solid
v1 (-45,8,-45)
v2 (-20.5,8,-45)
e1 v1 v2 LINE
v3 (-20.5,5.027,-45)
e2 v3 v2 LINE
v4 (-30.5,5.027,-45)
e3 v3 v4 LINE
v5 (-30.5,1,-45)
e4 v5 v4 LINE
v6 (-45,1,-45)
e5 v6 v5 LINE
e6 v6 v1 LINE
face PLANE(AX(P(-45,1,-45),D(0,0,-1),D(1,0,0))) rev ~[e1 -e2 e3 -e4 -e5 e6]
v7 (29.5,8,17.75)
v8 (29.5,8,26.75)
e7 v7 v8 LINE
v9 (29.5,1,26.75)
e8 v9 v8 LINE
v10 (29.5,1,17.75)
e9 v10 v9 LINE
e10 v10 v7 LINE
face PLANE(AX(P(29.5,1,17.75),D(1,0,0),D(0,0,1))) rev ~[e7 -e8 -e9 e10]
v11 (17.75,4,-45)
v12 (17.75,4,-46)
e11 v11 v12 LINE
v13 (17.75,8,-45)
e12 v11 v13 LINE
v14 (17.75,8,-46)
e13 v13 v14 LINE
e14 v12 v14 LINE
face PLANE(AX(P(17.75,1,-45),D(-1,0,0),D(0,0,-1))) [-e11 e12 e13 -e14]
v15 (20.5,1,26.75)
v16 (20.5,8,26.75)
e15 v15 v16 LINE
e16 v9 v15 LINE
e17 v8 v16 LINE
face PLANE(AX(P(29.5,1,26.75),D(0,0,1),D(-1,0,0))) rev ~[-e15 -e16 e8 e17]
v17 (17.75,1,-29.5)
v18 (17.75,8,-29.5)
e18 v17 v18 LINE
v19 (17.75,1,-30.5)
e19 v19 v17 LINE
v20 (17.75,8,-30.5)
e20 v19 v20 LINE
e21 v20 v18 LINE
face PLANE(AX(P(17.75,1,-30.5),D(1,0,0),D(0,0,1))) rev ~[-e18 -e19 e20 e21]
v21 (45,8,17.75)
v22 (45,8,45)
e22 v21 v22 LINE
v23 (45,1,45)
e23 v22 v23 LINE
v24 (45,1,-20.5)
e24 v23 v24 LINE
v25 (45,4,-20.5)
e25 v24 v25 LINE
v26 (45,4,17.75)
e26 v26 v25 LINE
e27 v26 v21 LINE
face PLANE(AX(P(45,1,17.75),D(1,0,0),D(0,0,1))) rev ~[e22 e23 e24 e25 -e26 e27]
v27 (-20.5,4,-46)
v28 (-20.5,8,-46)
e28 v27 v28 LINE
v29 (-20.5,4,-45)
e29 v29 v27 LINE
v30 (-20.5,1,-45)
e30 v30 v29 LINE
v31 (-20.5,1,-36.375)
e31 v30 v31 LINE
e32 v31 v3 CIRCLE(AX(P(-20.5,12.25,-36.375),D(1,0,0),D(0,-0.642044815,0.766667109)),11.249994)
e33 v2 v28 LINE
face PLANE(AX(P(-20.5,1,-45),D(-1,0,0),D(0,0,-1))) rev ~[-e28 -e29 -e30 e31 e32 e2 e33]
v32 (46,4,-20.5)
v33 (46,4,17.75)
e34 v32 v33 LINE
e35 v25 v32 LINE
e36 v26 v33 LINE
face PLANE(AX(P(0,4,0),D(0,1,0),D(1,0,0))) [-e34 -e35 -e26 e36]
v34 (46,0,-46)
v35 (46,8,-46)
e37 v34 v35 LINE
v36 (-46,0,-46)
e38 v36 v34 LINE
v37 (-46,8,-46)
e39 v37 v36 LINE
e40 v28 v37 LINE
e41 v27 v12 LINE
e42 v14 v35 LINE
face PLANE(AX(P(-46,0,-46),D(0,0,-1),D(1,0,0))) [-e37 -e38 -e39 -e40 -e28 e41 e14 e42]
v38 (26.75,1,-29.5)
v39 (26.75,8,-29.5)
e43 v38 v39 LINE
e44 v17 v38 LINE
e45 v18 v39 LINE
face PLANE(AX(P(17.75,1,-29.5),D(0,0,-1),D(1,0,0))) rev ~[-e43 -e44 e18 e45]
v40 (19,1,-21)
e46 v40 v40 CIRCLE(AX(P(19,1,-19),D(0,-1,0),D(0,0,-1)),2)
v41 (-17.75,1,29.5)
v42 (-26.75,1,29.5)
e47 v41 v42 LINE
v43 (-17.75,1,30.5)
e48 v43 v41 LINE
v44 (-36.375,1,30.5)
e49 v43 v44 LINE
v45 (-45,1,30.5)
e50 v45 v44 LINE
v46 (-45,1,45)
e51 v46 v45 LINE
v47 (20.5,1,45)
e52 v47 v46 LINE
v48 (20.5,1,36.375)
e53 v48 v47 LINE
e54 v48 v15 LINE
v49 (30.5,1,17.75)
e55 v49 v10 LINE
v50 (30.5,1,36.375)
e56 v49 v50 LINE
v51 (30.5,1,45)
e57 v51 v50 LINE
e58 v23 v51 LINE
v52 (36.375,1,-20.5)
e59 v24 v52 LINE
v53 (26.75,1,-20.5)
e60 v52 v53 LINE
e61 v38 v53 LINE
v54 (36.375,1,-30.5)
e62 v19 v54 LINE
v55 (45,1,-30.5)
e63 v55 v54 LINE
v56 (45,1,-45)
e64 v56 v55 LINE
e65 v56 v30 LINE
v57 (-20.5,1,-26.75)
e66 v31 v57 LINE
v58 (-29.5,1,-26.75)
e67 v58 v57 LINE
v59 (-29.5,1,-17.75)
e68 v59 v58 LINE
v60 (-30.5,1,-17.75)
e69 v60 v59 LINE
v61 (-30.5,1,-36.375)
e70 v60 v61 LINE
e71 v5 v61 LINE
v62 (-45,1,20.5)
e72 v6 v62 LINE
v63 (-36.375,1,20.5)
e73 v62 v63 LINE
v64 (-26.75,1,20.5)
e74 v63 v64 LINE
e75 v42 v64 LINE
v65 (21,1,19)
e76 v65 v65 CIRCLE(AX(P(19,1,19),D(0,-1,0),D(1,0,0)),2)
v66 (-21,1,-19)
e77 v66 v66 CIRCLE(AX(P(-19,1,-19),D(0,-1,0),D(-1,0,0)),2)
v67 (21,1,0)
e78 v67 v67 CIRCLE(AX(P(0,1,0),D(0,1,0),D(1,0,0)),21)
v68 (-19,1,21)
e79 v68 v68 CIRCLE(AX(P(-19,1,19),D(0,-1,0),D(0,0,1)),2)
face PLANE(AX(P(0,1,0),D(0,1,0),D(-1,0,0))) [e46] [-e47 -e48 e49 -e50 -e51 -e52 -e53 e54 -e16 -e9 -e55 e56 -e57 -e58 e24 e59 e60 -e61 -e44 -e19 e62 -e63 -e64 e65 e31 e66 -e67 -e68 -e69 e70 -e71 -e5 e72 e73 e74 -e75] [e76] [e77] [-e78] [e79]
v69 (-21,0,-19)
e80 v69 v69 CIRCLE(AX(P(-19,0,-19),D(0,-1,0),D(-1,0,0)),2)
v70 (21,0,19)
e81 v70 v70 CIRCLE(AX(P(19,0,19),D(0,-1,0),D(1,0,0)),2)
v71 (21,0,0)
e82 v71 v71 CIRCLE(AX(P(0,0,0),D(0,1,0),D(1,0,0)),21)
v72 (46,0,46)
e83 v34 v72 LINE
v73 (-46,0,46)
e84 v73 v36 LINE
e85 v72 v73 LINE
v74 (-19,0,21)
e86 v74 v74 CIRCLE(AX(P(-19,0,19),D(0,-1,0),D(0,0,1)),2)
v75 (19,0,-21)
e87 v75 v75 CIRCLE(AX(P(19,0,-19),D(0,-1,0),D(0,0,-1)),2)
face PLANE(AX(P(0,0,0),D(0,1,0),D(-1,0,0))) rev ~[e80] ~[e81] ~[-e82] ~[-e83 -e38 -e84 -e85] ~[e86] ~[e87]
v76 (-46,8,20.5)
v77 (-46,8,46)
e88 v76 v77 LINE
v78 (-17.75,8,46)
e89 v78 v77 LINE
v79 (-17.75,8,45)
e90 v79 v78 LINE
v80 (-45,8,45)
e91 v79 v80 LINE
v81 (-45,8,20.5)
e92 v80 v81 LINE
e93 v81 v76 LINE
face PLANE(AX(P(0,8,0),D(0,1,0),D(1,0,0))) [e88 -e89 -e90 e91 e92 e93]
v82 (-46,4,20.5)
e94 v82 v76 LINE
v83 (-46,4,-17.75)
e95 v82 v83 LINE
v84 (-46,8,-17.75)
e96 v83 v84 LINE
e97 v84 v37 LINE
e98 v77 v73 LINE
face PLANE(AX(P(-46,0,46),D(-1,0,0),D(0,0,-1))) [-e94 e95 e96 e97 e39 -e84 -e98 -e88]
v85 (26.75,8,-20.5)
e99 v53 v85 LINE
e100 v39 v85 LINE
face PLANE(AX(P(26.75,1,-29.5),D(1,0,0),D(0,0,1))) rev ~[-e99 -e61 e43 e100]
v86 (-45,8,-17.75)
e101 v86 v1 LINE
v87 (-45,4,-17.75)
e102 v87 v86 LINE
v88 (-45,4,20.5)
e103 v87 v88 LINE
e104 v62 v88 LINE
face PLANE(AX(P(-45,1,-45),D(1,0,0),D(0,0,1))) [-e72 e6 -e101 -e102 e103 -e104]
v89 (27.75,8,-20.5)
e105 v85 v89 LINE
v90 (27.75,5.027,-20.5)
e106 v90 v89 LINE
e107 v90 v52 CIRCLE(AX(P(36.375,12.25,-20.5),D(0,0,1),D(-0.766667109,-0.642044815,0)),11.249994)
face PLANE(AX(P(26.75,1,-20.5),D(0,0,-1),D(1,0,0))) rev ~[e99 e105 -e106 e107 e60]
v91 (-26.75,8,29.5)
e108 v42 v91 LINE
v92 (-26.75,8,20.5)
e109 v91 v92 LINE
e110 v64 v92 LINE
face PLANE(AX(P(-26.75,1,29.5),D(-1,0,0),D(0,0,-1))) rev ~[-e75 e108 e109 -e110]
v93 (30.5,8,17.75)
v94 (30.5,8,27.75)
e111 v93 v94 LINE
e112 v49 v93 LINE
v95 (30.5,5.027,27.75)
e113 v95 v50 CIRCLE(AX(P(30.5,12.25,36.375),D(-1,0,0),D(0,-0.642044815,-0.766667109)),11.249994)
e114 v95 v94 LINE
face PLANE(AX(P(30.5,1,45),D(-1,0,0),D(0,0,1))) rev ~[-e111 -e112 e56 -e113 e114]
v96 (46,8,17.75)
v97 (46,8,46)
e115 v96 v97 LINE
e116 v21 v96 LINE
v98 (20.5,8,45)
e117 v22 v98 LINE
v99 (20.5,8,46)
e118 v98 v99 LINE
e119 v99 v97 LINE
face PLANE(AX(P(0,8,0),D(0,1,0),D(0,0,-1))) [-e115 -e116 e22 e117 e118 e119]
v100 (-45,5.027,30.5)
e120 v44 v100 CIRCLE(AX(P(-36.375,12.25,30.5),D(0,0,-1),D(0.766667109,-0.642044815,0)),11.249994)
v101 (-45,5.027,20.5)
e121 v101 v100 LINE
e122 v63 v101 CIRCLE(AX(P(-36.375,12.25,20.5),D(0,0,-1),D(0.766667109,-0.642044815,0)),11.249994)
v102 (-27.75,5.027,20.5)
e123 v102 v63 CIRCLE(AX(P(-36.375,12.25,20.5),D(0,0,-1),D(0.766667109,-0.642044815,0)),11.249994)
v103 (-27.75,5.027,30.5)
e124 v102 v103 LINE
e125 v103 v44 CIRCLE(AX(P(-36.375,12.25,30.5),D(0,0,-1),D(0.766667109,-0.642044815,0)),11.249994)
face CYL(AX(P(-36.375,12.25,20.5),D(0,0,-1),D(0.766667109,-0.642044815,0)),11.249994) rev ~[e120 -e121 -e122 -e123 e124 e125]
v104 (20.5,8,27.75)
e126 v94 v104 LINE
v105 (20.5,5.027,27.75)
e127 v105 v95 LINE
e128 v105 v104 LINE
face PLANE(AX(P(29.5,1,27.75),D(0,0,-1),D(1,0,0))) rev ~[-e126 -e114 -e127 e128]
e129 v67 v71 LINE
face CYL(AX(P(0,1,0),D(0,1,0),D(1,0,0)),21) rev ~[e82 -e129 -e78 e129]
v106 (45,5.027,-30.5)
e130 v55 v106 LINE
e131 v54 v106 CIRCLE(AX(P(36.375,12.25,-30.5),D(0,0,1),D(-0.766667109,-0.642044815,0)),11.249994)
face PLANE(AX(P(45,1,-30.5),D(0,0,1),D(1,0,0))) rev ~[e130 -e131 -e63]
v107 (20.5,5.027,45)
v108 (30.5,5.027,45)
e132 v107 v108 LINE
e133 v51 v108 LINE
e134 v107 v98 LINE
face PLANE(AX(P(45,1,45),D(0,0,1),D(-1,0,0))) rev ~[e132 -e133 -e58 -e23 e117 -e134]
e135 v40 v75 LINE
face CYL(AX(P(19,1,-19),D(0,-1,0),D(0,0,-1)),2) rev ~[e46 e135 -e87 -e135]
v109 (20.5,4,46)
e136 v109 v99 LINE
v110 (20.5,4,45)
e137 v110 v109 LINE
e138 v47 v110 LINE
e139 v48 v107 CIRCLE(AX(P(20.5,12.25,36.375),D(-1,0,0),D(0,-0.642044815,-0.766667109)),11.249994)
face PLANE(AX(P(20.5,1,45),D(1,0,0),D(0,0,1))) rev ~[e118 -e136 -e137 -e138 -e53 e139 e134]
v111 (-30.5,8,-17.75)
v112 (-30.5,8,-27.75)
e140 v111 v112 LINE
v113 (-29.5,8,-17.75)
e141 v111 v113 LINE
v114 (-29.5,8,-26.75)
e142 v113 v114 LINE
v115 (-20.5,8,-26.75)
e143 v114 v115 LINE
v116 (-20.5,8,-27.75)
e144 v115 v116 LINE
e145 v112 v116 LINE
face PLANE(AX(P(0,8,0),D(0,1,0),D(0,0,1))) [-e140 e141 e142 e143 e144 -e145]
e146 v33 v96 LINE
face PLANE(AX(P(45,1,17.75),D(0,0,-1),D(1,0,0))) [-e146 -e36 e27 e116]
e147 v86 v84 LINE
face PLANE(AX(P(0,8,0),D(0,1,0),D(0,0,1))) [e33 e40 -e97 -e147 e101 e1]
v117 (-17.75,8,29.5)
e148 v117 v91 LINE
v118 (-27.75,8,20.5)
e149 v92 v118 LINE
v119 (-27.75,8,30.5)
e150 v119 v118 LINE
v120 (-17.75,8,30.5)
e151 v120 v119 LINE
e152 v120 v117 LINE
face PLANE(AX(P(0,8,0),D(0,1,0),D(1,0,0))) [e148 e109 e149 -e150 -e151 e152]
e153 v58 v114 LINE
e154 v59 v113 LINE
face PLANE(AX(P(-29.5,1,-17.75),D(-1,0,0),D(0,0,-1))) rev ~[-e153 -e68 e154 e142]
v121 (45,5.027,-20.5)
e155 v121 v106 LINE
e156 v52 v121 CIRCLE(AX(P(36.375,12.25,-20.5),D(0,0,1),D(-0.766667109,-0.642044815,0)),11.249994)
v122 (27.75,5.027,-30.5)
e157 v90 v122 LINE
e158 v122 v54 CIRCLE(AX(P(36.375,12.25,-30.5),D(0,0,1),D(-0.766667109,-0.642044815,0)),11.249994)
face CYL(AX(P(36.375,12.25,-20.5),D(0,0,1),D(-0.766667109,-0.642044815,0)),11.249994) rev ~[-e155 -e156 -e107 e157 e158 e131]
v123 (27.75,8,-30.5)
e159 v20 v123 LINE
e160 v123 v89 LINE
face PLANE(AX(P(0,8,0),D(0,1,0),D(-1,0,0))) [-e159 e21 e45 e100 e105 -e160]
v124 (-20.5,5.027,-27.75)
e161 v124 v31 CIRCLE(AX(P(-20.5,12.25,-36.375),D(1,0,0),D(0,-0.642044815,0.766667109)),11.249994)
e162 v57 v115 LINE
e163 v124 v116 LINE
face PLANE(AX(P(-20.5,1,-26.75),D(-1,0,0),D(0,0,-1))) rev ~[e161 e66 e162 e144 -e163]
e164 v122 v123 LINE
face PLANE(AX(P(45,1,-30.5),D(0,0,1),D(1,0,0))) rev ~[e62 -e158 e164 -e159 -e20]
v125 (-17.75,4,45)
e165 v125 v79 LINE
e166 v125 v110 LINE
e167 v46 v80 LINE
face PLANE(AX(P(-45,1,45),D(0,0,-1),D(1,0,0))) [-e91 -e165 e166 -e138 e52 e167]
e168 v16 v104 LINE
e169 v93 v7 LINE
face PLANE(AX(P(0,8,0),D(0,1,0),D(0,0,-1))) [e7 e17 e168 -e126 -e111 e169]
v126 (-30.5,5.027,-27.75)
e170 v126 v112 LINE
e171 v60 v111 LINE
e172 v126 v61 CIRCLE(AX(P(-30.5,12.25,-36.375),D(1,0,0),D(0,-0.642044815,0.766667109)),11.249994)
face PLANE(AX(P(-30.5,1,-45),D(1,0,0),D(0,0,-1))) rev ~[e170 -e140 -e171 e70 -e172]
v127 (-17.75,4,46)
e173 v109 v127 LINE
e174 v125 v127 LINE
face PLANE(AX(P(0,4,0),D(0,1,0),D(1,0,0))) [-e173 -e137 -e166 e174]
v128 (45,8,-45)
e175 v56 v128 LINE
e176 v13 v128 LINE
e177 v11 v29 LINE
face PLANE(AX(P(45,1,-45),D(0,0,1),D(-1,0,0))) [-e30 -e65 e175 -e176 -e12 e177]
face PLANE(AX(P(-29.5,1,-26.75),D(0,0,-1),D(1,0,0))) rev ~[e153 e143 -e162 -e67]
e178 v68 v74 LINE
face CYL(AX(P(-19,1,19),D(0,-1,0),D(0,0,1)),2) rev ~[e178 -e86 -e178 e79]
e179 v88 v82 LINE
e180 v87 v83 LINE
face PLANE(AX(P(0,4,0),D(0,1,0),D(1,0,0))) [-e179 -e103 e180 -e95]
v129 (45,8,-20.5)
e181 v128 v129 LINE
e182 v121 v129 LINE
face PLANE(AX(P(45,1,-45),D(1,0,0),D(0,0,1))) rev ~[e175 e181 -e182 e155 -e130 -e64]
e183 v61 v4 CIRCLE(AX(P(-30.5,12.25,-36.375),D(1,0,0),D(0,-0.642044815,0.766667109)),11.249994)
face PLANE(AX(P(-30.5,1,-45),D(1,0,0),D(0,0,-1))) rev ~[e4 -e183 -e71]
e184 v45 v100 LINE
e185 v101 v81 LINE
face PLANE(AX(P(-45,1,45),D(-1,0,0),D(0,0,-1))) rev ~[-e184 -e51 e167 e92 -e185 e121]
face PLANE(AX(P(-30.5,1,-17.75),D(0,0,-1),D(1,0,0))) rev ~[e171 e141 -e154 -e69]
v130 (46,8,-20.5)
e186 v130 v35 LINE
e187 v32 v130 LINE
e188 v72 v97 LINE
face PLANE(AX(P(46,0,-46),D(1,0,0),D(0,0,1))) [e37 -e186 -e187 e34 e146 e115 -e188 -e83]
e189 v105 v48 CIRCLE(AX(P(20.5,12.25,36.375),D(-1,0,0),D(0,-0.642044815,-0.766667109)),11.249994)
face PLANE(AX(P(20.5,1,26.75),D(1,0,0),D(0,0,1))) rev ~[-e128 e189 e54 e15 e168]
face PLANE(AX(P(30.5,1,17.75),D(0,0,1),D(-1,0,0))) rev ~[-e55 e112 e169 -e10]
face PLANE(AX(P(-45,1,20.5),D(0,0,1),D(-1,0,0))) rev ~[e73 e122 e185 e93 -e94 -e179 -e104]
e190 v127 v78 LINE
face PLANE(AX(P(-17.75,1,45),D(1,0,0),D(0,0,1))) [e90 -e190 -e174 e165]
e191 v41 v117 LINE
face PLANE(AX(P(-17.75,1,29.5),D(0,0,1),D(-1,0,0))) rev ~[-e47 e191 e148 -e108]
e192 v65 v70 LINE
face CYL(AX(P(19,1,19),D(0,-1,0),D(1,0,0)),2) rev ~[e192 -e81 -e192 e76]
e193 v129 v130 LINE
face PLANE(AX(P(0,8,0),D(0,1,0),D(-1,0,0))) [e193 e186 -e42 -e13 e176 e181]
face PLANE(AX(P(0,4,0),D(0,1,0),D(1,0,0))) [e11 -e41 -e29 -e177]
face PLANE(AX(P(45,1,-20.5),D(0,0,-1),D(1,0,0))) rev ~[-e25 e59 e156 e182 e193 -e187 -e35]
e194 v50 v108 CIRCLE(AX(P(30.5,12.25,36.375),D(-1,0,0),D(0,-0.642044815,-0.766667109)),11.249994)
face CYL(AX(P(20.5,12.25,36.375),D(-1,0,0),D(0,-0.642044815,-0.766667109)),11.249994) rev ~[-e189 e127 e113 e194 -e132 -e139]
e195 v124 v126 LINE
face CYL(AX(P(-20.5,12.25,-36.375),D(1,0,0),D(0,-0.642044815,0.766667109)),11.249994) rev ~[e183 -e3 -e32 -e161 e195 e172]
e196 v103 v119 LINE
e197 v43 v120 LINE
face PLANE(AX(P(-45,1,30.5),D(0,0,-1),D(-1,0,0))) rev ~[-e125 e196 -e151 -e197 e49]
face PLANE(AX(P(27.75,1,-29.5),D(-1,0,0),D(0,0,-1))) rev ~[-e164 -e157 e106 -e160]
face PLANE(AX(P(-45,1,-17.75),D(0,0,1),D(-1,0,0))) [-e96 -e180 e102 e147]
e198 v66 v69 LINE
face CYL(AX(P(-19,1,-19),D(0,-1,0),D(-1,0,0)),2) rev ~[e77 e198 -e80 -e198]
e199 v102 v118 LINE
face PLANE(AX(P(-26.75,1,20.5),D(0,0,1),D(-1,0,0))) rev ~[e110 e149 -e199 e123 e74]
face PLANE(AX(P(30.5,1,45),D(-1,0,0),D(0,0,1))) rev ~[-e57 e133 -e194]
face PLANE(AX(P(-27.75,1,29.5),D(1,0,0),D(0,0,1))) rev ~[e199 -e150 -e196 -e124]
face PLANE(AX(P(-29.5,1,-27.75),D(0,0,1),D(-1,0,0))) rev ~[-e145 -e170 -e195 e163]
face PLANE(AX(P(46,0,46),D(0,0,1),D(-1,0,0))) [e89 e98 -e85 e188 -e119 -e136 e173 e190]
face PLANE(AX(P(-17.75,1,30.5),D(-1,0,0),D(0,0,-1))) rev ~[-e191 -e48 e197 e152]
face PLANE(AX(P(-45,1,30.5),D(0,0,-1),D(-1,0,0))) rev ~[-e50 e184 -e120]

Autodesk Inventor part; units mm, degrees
ref_plane "YZ Plane" through (0, 0, 0) normal (1, 0, 0) x (0, 1, 0)
ref_plane "XZ Plane" through (0, 0, 0) normal (0, 1, 0) x (-1, 0, 0)
ref_plane "XY Plane" through (0, 0, 0) normal (0, 0, 1) x (1, 0, 0)
sketch "Sketch1" plane through (0, 0, 0) normal (0, 1, 0) x (-1, 0, 0)
  line L0 (45, 45) -> (-45, 45)
  line L1 (-45, 45) -> (-45, -45)
  line L2 (-45, -45) -> (45, -45)
  line L3 (45, -45) -> (45, 45)
  line L4 (45, 45) -> (-45, -45) construction
  line L5 (-45, 45) -> (45, -45) construction
  line L6 (-46, 46) -> (46, 46)
  line L7 (46, 46) -> (46, -46)
  line L8 (46, -46) -> (-46, -46)
  line L9 (-46, -46) -> (-46, 46)
  line L10 (-46, 46) -> (46, -46) construction
  line L11 (46, 46) -> (-46, -46) construction
  point P0 (0, 0)
  dimension "d0" = 90
  dimension "d1" = 90
  dimension "d2" = 92
  dimension "d3" = 92
extrude "Extrusion1" add sketch "Sketch1" along normal blind 1 contours L3 L2 L1 L0 | L6 L7 L8 L9
sketch "Sketch2" plane through (0, 1, 0) normal (0, 1, 0) x (1, 0, 0)
  line L0 (-46, -46) -> (46, -46) projected
  line L1 (46, -46) -> (46, 46) projected
  line L2 (46, 46) -> (-46, 46) projected
  line L3 (-46, 46) -> (-46, -46) projected
  line L4 (45, 45) -> (-45, 45)
  line L5 (-45, -20.5) -> (-45, -45)
  line L6 (-45, -45) -> (-17.75, -45)
  line L7 (45, -45) -> (45, 45)
  line L8 (45, 45) -> (-45, -45) construction
  line L9 (-45, 45) -> (45, -45) construction
  line L10 (-27.75, -30.5) -> (-17.75, -30.5)
  line L11 (-17.75, -30.5) -> (-17.75, -29.5)
  line L12 (-17.75, -29.5) -> (-27.75, -29.5)
  line L13 (-27.75, -29.5) -> (-27.75, -30.5)
  line L14 (-27.75, -30.5) -> (-26.75, -30.5)
  line L15 (-26.75, -30.5) -> (-26.75, -20.5)
  line L16 (-26.75, -20.5) -> (-27.75, -20.5)
  line L17 (-27.75, -20.5) -> (-27.75, -30.5)
  line L18 (-17.75, -45) -> (-17.75, -46)
  line L19 (-46, -46) -> (46, -46) projected
  line L20 (-45, -20.5) -> (-46, -20.5)
  point P0 (0, 0)
  dimension "d6" = 90
  dimension "d7" = 90
  dimension "d8" = 1
  dimension "d9" = 1
  dimension "d10" = 10
  dimension "d11" = 10
  dimension "d12" = 14.5
  dimension "d13" = 17.25
sketch "Sketch3" plane through (0, 1, 0) normal (0, 1, 0) x (1, 0, 0)
  line L0 (-27.75, -30.5) -> (-17.75, -30.5) projected
  line L1 (-27.75, -20.5) -> (-27.75, -30.5) projected
  line L2 (-26.75, -30.5) -> (-26.75, -20.5) projected
  line L3 (-17.75, -29.5) -> (-27.75, -29.5) projected
  line L4 (-26.75, -20.5) -> (-27.75, -20.5) projected
  line L5 (-17.75, -45) -> (-17.75, -46) projected
  line L6 (-45, -20.5) -> (-46, -20.5) projected
  line L7 (-46, 46) -> (-46, -46) projected
  line L8 (-45, -20.5) -> (-46, -20.5)
  line L9 (-46, -20.5) -> (-46, -46)
  line L10 (-46, -46) -> (-45, -46)
  line L11 (-45, -46) -> (-45, -20.5)
  line L12 (-46, -46) -> (46, -46) projected
  line L13 (-46, -46) -> (-17.75, -46)
  line L14 (-17.75, -46) -> (-17.75, -45)
  line L15 (-17.75, -45) -> (-46, -45)
  line L16 (-46, -45) -> (-46, -46)
  line L17 (-27.75, -30.5) -> (-17.75, -30.5)
  line L18 (-17.75, -30.5) -> (-17.75, -29.5)
  line L19 (-17.75, -29.5) -> (-27.75, -29.5)
  line L20 (-27.75, -29.5) -> (-27.75, -30.5)
  point P0 (0, 0)
extrude "Extrusion2" add sketch "Sketch3" along normal blind 7
sketch "Sketch4" plane through (-45, 1, 20.5) normal (0, 0, -1) x (-1, 0, 0)
  line L0 (-17.25, 0) -> (-18.25, 0) projected
  line L1 (-17.25, 0) -> (-17.25, 7) projected
  line L2 (-18.25, 7) -> (-17.25, 7) projected
  line L3 (-18.25, 0) -> (-18.25, 7) projected
  line L4 (1, 0) -> (0, 0) projected
  line L5 (1, 0) -> (1, 7) projected
  line L6 (0, 7) -> (1, 7) projected
  line L7 (0, 0) -> (0, 7) projected
  line L8 (0, 0) -> (-27.25, 0) projected
  arc A0 (-17.25, 4.027) -> (0, 4.027) centre (-8.625, 11.25) ccw
  line L9 (-91, 0) -> (1, 0) projected
  line L10 (-17.25, 0) -> (-17.25, 7) projected
  line L11 (-8.625, 0) -> (-17.25, 0)
  line L12 (-17.25, 0) -> (-17.25, 4.027)
  line L13 (0, 0) -> (0, 7) projected
  line L14 (-8.625, 0) -> (0, 0)
  line L15 (0, 0) -> (0, 4.027)
  point P0 (-45, -1)
  dimension "d16" = 22.5
  dimension "d17" = 8.625
extrude "Extrusion3" add sketch "Sketch4" against normal blind 10 contours A0 L7 L8 | L1 A0 L8
sketch "Sketch5" plane through (0, 1, 0) normal (0, 1, 0) x (1, 0, 0)
  line L0 (-17.75, -46) -> (46, -46) projected
  line L1 (-46, -20.5) -> (-46, -46) projected
  point P0 (0, 0)
  point P1 (-19, -19)
  dimension "d23" = 27
  dimension "d24" = 27
hole "Hole1" at (-19, 1, 19) direction (0, -1, 0) diameter 4 end through all
pattern_circular "Circular Pattern2" count 4 over 360 about axis through (0, -10, 0) along (0, 1, 0) of "Extrusion2", "Extrusion3", "Hole1"
sketch "Sketch6" plane through (0, 1, 0) normal (0, 1, 0) x (1, 0, 0)
  circle A0 centre (0, 0) radius 21
  dimension "d35" = 42
extrude "Extrusion4" cut sketch "Sketch6" against normal blind 10
sketch "Sketch7" plane through (0, 1, 0) normal (0, 1, 0) x (1, 0, 0)
  line L0 (45, 45) -> (-45, 45)
  line L1 (-45, 45) -> (-45, -45)
  line L2 (-45, -45) -> (45, -45)
  line L3 (45, -45) -> (45, 45)
  line L4 (45, 45) -> (-45, -45) construction
  line L5 (-45, 45) -> (45, -45) construction
  line L6 (46, -46) -> (-46, -46) projected
  line L7 (-46, 46) -> (46, 46)
  line L8 (46, 46) -> (46, -46)
  line L9 (46, -46) -> (-46, -46)
  line L10 (-46, -46) -> (-46, 46)
  line L11 (-46, 46) -> (46, -46) construction
  line L12 (46, 46) -> (-46, -46) construction
  point P0 (0, 0)
  dimension "d38" = 90
  dimension "d39" = 90
extrude "Extrusion5" add sketch "Sketch7" along normal blind 3
properties part number "motor_mount_base2_bottom"
